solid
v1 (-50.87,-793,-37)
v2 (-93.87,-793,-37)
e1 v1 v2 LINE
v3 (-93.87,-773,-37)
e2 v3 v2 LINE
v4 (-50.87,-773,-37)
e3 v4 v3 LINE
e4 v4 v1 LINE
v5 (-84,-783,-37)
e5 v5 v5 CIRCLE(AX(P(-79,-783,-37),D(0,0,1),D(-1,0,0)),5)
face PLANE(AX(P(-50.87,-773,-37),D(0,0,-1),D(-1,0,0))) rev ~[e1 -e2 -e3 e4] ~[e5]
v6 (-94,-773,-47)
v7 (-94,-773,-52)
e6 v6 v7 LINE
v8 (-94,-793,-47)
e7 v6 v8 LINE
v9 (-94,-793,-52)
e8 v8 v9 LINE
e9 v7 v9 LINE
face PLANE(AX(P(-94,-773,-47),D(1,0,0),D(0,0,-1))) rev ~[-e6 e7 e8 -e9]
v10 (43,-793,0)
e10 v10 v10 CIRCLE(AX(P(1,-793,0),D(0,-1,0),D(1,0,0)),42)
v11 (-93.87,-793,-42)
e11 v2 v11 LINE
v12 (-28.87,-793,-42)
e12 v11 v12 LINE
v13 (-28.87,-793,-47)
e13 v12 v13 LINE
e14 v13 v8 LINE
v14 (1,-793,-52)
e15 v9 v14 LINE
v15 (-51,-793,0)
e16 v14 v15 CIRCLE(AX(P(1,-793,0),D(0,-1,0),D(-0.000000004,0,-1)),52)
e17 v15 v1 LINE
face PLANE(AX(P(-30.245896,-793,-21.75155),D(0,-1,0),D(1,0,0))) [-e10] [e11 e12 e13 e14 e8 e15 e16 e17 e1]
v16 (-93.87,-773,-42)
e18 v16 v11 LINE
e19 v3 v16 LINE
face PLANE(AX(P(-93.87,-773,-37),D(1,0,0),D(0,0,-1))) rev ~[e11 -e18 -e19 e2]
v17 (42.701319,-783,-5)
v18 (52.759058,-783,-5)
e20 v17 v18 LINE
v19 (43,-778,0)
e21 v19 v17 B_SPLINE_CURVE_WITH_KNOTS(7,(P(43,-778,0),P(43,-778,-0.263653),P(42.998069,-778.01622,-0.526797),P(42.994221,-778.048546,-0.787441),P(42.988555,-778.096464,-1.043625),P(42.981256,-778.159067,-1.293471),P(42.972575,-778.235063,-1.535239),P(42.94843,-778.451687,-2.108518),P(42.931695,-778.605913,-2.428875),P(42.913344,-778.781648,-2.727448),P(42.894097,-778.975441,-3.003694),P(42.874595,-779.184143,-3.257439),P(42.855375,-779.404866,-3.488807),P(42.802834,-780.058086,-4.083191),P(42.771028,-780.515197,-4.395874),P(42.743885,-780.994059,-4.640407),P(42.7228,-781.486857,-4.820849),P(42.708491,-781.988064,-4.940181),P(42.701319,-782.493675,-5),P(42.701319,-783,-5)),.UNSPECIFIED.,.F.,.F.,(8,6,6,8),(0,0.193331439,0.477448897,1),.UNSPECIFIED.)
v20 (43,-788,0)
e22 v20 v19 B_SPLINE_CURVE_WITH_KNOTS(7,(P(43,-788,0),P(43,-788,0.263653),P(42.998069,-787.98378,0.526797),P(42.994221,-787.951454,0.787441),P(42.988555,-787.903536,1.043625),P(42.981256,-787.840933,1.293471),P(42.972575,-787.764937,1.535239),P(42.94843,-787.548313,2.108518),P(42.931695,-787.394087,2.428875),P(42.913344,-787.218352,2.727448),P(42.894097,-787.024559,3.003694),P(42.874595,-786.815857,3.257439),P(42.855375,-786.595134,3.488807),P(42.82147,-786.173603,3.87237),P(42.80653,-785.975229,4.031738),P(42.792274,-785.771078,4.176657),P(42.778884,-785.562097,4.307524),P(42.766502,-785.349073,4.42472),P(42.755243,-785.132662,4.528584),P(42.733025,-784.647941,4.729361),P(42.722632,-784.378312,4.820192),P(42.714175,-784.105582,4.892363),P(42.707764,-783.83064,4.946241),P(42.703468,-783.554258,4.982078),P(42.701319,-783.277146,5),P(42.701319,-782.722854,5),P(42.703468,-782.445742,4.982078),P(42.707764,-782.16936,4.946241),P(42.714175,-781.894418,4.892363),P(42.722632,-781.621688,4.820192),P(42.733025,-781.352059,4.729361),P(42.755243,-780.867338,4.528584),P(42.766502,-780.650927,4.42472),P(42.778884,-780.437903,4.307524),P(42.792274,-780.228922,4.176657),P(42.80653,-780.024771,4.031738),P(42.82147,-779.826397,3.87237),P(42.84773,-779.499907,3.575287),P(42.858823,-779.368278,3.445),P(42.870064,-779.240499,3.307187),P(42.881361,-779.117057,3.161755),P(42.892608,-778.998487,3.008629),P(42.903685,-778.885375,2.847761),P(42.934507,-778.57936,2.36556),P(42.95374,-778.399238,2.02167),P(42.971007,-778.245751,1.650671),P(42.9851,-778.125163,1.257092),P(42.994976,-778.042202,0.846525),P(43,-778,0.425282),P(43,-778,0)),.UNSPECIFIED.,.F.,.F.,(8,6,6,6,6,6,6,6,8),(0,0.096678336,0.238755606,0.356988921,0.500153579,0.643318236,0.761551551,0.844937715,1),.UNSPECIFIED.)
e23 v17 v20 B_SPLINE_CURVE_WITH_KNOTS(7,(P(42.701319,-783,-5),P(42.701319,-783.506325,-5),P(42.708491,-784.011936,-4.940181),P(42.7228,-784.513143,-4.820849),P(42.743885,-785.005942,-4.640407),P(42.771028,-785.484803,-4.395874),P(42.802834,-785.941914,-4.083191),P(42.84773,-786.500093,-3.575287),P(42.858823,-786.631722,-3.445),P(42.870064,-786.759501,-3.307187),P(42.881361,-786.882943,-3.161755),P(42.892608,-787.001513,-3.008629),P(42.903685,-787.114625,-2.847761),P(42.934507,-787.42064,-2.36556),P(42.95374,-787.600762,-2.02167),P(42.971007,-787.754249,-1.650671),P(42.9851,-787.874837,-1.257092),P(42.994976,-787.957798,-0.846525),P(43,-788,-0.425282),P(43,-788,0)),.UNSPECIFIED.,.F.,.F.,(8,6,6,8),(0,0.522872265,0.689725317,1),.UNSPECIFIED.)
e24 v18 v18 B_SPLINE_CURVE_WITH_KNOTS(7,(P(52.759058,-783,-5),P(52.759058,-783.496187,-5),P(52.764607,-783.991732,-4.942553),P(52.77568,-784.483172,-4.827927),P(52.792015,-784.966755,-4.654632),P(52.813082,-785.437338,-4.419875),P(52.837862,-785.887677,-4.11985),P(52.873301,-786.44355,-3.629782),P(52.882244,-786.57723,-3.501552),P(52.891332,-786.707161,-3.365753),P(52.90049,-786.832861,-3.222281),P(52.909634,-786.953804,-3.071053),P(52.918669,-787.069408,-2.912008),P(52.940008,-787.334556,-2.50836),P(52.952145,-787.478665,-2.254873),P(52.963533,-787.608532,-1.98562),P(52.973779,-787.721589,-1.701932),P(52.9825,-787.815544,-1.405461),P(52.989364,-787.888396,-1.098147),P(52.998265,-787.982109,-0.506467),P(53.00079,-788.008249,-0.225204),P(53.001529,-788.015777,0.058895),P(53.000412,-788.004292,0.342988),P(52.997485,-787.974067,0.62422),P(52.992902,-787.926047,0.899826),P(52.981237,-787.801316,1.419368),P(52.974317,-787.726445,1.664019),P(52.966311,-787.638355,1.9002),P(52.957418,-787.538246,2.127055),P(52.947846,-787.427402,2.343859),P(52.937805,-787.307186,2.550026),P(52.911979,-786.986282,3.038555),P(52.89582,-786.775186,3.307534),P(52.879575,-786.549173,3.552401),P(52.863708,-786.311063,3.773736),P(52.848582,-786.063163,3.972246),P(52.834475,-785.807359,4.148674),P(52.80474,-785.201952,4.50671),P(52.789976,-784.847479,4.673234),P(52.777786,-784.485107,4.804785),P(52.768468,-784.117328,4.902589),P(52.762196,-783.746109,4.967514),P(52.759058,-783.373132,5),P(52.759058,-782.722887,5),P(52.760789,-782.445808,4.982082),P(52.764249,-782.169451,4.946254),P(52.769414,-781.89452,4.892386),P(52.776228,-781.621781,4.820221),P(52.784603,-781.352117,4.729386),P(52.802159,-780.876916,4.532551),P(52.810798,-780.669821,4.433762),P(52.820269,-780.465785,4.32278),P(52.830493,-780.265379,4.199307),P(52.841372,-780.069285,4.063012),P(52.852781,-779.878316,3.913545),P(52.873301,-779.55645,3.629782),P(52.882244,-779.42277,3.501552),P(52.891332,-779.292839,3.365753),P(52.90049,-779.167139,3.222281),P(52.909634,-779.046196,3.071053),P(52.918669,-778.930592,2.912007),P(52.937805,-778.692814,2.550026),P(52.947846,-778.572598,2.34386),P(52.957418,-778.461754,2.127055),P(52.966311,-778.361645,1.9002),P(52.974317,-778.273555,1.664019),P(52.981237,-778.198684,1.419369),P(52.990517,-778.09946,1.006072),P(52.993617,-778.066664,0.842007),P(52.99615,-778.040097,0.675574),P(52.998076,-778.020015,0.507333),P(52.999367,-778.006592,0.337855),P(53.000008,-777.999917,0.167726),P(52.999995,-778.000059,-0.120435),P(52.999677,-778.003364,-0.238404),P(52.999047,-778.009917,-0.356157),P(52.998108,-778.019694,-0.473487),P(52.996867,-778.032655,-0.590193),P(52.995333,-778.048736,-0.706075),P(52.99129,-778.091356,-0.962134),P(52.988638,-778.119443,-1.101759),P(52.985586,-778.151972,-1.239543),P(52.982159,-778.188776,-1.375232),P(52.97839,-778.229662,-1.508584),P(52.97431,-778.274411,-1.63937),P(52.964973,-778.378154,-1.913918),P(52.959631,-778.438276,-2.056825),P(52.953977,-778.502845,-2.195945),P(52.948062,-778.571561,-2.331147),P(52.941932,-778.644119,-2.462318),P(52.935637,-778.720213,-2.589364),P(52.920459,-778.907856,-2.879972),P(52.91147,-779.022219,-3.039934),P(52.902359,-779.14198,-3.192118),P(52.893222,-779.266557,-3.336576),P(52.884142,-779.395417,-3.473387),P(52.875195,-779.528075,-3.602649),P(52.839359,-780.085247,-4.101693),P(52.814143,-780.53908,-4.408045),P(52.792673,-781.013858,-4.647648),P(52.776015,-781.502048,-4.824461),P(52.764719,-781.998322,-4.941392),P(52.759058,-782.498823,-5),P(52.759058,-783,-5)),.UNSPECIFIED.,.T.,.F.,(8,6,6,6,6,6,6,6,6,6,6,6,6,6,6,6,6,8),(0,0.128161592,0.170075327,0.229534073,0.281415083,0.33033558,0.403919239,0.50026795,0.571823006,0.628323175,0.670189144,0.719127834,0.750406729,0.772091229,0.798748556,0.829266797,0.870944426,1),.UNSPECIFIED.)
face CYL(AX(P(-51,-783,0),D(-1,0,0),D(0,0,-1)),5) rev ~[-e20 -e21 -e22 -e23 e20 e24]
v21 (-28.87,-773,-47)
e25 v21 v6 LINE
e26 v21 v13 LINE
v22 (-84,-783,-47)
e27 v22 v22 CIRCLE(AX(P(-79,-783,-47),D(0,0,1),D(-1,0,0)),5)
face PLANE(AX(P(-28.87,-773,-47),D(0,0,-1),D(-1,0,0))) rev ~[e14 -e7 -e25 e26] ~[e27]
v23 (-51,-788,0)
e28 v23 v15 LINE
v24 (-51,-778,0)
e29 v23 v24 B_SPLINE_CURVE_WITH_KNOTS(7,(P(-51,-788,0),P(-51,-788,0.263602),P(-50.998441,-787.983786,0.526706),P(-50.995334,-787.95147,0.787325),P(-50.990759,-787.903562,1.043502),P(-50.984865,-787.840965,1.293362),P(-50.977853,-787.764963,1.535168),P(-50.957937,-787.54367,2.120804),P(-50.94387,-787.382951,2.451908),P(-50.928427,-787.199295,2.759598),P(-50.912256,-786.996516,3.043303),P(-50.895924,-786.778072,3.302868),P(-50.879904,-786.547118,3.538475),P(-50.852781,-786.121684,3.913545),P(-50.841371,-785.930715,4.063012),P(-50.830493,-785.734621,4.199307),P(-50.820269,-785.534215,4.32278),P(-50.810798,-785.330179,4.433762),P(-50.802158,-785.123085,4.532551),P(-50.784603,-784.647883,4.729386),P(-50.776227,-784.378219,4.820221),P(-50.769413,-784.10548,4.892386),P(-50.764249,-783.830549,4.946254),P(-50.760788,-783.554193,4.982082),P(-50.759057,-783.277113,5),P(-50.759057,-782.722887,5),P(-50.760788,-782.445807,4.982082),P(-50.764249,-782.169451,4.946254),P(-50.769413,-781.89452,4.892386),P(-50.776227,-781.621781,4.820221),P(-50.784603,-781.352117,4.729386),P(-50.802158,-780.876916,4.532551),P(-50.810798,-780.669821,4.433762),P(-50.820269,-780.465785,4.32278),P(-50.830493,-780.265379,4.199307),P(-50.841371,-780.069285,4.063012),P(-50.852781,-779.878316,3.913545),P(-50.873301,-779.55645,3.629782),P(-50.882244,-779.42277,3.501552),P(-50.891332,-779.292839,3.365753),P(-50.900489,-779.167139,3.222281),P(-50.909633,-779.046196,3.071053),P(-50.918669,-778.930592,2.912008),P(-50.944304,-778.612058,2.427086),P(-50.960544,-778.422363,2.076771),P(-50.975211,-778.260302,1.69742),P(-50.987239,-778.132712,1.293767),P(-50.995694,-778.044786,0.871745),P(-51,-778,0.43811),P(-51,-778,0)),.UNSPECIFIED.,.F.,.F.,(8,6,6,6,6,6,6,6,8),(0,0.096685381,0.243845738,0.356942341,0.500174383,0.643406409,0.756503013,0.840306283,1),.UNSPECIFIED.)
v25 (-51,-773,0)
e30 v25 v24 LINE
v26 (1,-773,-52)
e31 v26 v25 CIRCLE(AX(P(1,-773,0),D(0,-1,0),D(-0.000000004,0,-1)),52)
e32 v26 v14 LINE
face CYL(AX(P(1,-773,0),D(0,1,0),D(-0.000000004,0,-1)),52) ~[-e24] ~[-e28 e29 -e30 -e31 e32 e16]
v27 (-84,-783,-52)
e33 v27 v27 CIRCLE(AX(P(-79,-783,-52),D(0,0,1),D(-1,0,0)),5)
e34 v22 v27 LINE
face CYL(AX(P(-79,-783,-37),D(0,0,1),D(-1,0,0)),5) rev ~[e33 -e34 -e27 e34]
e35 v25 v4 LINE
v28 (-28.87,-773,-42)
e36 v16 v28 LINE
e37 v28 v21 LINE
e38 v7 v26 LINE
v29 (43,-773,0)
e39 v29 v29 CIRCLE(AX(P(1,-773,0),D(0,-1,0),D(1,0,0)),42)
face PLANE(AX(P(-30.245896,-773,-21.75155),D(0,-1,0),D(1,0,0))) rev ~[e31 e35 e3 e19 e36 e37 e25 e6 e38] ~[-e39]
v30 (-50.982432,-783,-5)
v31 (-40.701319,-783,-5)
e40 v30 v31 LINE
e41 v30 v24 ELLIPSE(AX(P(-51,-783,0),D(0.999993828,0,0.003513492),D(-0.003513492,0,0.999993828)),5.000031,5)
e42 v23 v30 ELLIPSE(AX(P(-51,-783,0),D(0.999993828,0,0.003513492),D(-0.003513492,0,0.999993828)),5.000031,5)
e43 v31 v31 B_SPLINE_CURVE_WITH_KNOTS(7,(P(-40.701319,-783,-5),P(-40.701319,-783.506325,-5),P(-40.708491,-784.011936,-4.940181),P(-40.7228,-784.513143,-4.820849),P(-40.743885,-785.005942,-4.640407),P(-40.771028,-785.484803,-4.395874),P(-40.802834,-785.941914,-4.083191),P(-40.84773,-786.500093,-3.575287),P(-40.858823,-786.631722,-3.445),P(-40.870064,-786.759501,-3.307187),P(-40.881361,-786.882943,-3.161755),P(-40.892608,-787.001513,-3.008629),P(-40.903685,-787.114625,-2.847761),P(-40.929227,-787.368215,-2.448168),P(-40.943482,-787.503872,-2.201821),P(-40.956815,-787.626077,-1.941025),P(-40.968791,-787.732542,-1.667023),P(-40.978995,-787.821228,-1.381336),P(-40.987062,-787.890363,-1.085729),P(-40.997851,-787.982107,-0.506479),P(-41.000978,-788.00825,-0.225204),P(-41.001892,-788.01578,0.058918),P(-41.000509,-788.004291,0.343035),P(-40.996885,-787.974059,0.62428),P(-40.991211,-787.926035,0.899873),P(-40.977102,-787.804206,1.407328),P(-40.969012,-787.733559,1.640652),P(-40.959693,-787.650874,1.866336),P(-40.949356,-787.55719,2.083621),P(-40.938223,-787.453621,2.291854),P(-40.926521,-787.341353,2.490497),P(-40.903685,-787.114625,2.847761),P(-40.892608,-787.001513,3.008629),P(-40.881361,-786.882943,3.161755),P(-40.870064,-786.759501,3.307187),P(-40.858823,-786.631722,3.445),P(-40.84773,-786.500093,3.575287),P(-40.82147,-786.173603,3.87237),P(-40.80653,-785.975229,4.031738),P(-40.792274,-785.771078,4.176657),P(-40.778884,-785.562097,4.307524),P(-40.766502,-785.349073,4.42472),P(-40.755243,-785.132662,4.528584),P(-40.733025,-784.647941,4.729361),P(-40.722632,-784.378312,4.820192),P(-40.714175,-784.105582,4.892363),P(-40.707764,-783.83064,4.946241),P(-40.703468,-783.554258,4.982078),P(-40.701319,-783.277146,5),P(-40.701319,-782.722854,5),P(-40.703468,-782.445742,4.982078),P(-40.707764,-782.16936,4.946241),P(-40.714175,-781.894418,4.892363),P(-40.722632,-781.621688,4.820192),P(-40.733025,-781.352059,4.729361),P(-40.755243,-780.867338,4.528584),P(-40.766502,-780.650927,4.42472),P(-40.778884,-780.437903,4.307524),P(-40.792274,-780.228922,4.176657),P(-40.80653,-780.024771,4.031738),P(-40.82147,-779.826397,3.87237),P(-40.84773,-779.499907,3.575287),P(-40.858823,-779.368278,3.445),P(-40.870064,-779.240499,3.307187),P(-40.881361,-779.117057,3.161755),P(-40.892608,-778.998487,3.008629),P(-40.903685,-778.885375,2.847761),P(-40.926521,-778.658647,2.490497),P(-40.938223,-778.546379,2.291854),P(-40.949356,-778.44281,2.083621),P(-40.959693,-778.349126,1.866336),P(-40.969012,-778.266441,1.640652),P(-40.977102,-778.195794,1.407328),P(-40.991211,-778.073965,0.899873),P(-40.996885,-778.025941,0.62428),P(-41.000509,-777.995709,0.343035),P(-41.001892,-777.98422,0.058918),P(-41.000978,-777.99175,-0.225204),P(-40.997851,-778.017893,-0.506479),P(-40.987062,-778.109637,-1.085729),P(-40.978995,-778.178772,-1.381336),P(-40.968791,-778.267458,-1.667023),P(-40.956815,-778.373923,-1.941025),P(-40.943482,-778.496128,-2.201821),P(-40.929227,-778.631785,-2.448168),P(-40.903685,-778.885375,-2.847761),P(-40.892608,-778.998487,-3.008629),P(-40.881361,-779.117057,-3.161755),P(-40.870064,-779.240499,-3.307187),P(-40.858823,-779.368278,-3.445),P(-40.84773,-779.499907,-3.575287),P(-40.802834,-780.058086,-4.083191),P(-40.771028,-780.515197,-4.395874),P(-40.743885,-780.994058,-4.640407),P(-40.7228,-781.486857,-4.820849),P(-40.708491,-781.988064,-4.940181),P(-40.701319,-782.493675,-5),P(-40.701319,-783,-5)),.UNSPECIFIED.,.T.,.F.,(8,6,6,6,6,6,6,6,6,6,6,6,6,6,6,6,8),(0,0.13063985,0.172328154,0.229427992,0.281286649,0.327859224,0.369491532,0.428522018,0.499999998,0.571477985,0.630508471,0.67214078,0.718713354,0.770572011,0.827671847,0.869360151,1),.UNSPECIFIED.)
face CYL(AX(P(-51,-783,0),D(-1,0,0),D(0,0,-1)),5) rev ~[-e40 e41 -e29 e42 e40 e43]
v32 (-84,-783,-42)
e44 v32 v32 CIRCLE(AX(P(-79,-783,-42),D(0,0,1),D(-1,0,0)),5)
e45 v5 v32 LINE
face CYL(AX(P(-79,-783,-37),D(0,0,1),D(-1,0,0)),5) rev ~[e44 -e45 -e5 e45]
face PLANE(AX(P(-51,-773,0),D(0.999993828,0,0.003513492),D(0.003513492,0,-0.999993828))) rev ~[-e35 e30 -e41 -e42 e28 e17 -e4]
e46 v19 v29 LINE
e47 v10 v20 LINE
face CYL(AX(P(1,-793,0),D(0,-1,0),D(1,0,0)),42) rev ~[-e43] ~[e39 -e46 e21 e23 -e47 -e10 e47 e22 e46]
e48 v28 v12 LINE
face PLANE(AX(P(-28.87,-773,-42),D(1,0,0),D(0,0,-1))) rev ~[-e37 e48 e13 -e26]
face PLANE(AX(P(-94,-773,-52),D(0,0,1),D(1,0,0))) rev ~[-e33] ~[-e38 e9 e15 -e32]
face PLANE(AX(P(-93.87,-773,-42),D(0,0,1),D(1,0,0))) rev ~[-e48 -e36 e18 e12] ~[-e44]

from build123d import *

# Parameters (mm, degrees)
PAD_DEPTH            = 20
SKETCH002_R          = 5
POCKET001_DEPTH      = 104.001
HOLE001_D            = 6.6
HOLE001_DEPTH        = 25
HOLE001_CSINK_D      = 12
HOLE001_CSINK_ANGLE  = 90
HOLE001_TIPS_R       = 3.3
SKETCH001_R          = 42
POCKET_DEPTH         = 20.001
SKETCH020_R          = 5
POCKET005_DEPTH      = 15.001
BODY_PLACEMENT_ANGLE = 90


with BuildPart() as part:
    # Sketch → Pad (new body)
    with BuildSketch(Plane.XY):
        with BuildLine():
            Line((-51.87, -37), (-94.87, -37))
            Line((-94.87, -37), (-94.87, -42))
            Line((-94.87, -42), (-29.87, -42))
            Line((-29.87, -42), (-29.87, -47))
            Line((-29.87, -47), (-95, -47))
            Line((-95, -47), (-95, -52))
            Line((-95, -52), (-30, -52))
            Line((-30, -52), (0, -52))
            ThreePointArc((0, -52), (36.769553, 36.769553), (-52, 0))
            Line((-52, 0), (-51.87, -37))
        make_face()
    extrude(amount=PAD_DEPTH)

    # Sketch002 (on DatumPlane) → Pocket001 (cut, through all)
    with BuildSketch(Plane(origin=(-52, 0, 0), x_dir=(0, -1, 0), z_dir=(-1, 0, 0))):
        with Locations((0, 10)):
            Circle(SKETCH002_R)
    extrude(amount=-POCKET001_DEPTH, mode=Mode.SUBTRACT)

    # Hole001
    with Locations(Plane.XZ.offset(42)):
        with Locations((65, 10)):
            CounterSinkHole(HOLE001_D / 2, HOLE001_CSINK_D / 2, depth=HOLE001_DEPTH, counter_sink_angle=HOLE001_CSINK_ANGLE)

    # Hole001 tips → Hole001 tip 1 section 0
    with BuildSketch(Plane.XZ.offset(17), mode=Mode.PRIVATE) as hole001_tip_1_s0:
        with Locations((65, 10)):
            Circle(HOLE001_TIPS_R)
    loft([hole001_tip_1_s0.sketch, Vertex(65, -15.01716, 10)], mode=Mode.SUBTRACT)

    # Sketch001 → Pocket (cut, through all)
    with BuildSketch(Plane.XY.offset(20)):
        Circle(SKETCH001_R)
    extrude(amount=-POCKET_DEPTH, mode=Mode.SUBTRACT)

    # Sketch020 (on DatumPlane) → Pocket005 (cut, through all)
    with BuildSketch(Plane(origin=(0, -37, 0), x_dir=(-1, 0, 0), z_dir=(0, 1, 0))):
        with Locations((80, 10)):
            Circle(SKETCH020_R)
    extrude(amount=-POCKET005_DEPTH, mode=Mode.SUBTRACT)


with BuildPart() as part_1:
    # Body placement: moved
    add(part.part.moved(Location((1, -773, 0))).rotate(Axis((1, -773, 0), (1, 0, 0)), BODY_PLACEMENT_ANGLE))


solid = part_1.part
